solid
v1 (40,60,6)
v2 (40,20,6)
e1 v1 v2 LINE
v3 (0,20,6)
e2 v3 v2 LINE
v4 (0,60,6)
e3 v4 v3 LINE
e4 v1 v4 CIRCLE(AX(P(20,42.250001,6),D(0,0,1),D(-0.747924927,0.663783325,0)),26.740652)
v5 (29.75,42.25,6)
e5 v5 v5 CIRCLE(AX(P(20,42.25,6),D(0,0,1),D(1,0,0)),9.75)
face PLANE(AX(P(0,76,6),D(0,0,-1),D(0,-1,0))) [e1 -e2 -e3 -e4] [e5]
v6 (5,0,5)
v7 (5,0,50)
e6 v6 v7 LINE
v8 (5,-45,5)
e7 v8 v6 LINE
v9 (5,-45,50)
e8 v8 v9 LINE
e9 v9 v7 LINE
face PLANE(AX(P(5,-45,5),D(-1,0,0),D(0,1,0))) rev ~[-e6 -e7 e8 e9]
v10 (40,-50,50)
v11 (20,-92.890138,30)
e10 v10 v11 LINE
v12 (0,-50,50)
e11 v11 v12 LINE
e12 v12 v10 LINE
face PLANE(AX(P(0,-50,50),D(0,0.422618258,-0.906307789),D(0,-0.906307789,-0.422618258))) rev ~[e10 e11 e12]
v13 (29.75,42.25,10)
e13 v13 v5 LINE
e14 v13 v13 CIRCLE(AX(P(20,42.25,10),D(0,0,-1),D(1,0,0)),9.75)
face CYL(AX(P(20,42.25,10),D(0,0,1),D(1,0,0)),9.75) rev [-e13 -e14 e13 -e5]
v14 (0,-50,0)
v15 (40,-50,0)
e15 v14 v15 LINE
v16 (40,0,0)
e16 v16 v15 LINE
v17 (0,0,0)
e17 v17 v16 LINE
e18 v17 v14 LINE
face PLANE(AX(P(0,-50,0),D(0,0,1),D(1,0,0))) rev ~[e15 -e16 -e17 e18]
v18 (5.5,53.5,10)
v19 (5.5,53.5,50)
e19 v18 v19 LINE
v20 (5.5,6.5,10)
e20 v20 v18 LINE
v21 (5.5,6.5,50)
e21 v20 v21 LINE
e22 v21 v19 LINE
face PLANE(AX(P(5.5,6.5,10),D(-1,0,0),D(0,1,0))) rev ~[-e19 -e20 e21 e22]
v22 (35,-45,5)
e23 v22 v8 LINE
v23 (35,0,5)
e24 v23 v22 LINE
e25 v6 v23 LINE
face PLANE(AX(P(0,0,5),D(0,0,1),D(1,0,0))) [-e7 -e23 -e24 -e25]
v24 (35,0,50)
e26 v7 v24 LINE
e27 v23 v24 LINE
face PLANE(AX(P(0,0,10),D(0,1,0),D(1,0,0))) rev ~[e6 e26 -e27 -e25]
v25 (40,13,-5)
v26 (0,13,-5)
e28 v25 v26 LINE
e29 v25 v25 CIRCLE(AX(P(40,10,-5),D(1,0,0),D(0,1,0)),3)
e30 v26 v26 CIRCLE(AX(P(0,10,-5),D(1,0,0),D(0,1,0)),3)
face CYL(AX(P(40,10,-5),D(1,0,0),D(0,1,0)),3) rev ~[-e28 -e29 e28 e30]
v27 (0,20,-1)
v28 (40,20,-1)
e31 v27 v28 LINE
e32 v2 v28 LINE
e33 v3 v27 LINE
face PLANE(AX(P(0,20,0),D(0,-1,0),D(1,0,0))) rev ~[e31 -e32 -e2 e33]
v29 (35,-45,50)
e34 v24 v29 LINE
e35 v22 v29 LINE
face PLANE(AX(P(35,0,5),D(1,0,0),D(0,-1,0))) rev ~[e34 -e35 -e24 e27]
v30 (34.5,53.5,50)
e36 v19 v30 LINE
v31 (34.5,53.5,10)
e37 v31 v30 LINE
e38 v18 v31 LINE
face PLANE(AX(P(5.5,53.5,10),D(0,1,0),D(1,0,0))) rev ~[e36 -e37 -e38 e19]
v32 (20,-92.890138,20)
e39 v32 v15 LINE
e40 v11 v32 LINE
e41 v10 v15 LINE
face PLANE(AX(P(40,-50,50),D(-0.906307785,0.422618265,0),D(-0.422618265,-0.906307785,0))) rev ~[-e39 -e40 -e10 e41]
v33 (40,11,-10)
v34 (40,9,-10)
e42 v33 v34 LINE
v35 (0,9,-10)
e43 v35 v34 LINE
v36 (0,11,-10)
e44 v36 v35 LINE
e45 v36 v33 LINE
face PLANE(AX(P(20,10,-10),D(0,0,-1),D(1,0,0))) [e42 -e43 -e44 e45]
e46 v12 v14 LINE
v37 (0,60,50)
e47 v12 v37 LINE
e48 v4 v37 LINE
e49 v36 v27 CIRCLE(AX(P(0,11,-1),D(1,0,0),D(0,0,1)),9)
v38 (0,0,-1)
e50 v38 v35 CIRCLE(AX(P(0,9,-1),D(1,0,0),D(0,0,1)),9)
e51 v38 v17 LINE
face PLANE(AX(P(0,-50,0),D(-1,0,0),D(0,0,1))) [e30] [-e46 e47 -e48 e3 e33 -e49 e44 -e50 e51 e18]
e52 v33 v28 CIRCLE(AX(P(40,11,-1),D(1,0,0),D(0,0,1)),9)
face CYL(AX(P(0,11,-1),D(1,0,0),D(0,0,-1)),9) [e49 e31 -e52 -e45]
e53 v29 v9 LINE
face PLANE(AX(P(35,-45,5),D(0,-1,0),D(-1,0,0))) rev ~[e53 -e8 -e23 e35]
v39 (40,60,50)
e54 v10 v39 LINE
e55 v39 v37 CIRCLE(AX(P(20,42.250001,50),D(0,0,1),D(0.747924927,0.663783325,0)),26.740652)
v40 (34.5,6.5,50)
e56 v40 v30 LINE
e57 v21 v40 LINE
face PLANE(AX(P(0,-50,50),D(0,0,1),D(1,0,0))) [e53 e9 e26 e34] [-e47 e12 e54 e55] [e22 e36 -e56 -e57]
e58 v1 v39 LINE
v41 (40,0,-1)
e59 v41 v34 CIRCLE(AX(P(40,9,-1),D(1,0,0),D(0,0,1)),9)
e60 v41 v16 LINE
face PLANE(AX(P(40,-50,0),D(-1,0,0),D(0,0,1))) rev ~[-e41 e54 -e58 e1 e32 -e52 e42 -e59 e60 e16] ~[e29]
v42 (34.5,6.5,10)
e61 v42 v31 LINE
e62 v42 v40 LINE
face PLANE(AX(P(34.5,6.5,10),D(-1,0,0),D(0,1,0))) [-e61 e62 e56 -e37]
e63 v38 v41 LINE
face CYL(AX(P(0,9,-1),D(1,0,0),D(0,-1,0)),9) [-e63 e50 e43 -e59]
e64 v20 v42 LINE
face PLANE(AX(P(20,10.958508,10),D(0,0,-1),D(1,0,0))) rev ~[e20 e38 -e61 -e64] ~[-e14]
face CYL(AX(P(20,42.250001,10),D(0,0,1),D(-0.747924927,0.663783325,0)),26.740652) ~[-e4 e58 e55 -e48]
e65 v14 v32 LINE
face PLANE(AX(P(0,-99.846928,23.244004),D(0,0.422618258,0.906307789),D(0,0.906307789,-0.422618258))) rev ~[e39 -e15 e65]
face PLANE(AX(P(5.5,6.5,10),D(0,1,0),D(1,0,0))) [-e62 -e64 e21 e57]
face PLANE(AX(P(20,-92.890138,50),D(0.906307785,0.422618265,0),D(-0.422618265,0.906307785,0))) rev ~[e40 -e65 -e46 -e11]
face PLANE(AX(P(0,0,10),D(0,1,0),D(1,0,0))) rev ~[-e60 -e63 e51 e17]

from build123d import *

# Parameters (mm, degrees)
SKETCH_W        = 29
SKETCH_H        = 47
PAD_DEPTH       = 40
SKETCH001_R     = 9.75
PAD001_DEPTH    = 10
SKETCH002_W     = 56
SKETCH002_H     = 6
POCKET_DEPTH    = 100
POCKET001_DEPTH = 5
SKETCH005_R     = 0.8
POCKET002_DEPTH = 5
SKETCH006_W     = 40
SKETCH006_H     = 20
PAD002_DEPTH    = 10
FILLET_R        = 9
FILLET001_R     = 9
SKETCH007_R     = 3
HOLE_DEPTH      = 50
SKETCH008_W     = 45
SKETCH008_H     = 54
POCKET003_DEPTH = 5
SKETCH009_W     = 40
SKETCH009_H     = 5
PAD003_DEPTH    = 50
PAD004_DEPTH    = 45
SKETCH011_W     = 40
SKETCH011_H     = 50
PAD005_DEPTH    = 50
POCKET004_DEPTH = 60.001
POCKET005_DEPTH = 40.001


with BuildPart() as part:
    # Sketch → Pad (new body)
    with BuildSketch(Plane.XY.offset(10)):
        with BuildLine():
            Line((0, 0), (40, 0))
            Line((40, 0), (40, 60))
            ThreePointArc((40, 60), (20, 68.990653), (0, 60))
            Line((0, 60), (0, 0))
        make_face()
        with Locations((20, 30)):
            Rectangle(SKETCH_W, SKETCH_H, mode=Mode.SUBTRACT)
    extrude(amount=PAD_DEPTH)

    # Sketch001 (on Face9 of Pad) → Pad001 (join)
    with BuildSketch(Plane(origin=(0, 0, 10), x_dir=(1, 0, 0), z_dir=(0, 0, -1))):
        with BuildLine():
            Line((40, -60), (40, 30))
            ThreePointArc((40, 30), (20, 50), (0, 30))
            Line((0, 30), (0, -60))
            ThreePointArc((0, -60), (20, -68.990653), (40, -60))
        make_face()
        with Locations((20, -42.25)):
            Circle(SKETCH001_R, mode=Mode.SUBTRACT)
    extrude(amount=PAD001_DEPTH)

    # Sketch002 (on Face7 of Pad001) → Pocket (cut)
    with BuildSketch(Plane(origin=(0, 0, 0), x_dir=(0, -1, 0), z_dir=(-1, 0, 0))):
        with Locations((-48, 3)):
            Rectangle(SKETCH002_W, SKETCH002_H)
    extrude(amount=-POCKET_DEPTH, mode=Mode.SUBTRACT)

    # Sketch003 (on Face4 of Pocket) → Pocket001 (cut)
    with BuildSketch(Plane.XY.offset(10)):
        with BuildLine():
            Line((0, 0), (40, 0))
            Line((40, 0), (40, -30))
            ThreePointArc((0, -30), (20, -50), (40, -30))
            Line((0, -30), (0, 0))
        make_face()
    extrude(amount=-POCKET001_DEPTH, mode=Mode.SUBTRACT)

    # Sketch005 → Pocket002 (cut)
    with BuildSketch(Plane(origin=(0, 0, 0), x_dir=(1, 0, 0), z_dir=(0, 0, -1))):
        with Locations((11.98, 30)):
            Circle(SKETCH005_R)
        with Locations((14.34, 35.7)):
            Circle(SKETCH005_R)
        with Locations((20, 37.98)):
            Circle(SKETCH005_R)
        with Locations((25.66, 35.7)):
            Circle(SKETCH005_R)
        with Locations((28.02, 30)):
            Circle(SKETCH005_R)
        with Locations((25.66, 24.35)):
            Circle(SKETCH005_R)
        with Locations((20, 22.02)):
            Circle(SKETCH005_R)
        with Locations((14.34, 24.34)):
            Circle(SKETCH005_R)
    extrude(amount=-POCKET002_DEPTH, mode=Mode.SUBTRACT)

    # Sketch006 (on Face17 of Pocket002) → Pad002 (join)
    with BuildSketch(Plane(origin=(0, 0, 0), x_dir=(1, 0, 0), z_dir=(0, 0, -1))):
        with Locations((20, -10)):
            Rectangle(SKETCH006_W, SKETCH006_H)
    extrude(amount=PAD002_DEPTH)

    # Fillet
    fillet_edges = [part.edges().sort_by_distance(p)[0] for p in [
        (20, 0, -10),
    ]]
    fillet(fillet_edges, radius=FILLET_R)

    # Fillet001
    fillet001_edges = [part.edges().sort_by_distance(p)[0] for p in [
        (20, 20, -10),
    ]]
    fillet(fillet001_edges, radius=FILLET001_R)

    # Sketch007 (on Face8 of Fillet001) → Hole (cut)
    with BuildSketch(Plane.YZ.offset(40)):
        with Locations((10, -5)):
            Circle(SKETCH007_R)
    extrude(amount=-HOLE_DEPTH, mode=Mode.SUBTRACT)

    # Sketch008 (on Face16 of Hole) → Pocket003 (cut)
    with BuildSketch(Plane.XY.offset(5)):
        with Locations((22.5, -27)):
            Rectangle(SKETCH008_W, SKETCH008_H)
    extrude(amount=-POCKET003_DEPTH, mode=Mode.SUBTRACT)

    # Sketch009 (on Face11 of Pocket003) → Pad003 (join)
    with BuildSketch(Plane.XZ):
        with Locations((20, 2.5)):
            Rectangle(SKETCH009_W, SKETCH009_H)
    extrude(amount=PAD003_DEPTH)

    # Sketch010 (on Face22 of Pad003) → Pad004 (join)
    with BuildSketch(Plane.XY.offset(5)):
        Polygon((0, 0), (0, -50), (40, -50), (40, 0), (35, 0), (35, -45), (5, -45), (5, 0), align=None)
    extrude(amount=PAD004_DEPTH)

    # Sketch011 (on Face22 of Pad004) → Pad005 (join)
    with BuildSketch(Plane.XZ.offset(50)):
        with Locations((20, 25)):
            Rectangle(SKETCH011_W, SKETCH011_H)
    extrude(amount=PAD005_DEPTH)

    # Sketch012 (on Face30 of Pad005) → Pocket004 (cut, through all)
    with BuildSketch(Plane.XY.offset(50)):
        Polygon((40, -50), (20, -92.890138), (0, -50), (0, -100), (40, -100), align=None)
    extrude(amount=-POCKET004_DEPTH, mode=Mode.SUBTRACT)

    # Sketch013 (on Face15 of Pocket004) → Pocket005 (cut, through all)
    with BuildSketch(Plane(origin=(0, 0, 0), x_dir=(0, -1, 0), z_dir=(-1, 0, 0))):
        Polygon((50, 0), (95, 0), (95, 50), (50, 50), (99.846928, 26.755996), (99.846928, 23.244004), align=None)
    extrude(amount=-POCKET005_DEPTH, mode=Mode.SUBTRACT)


solid = part.part
